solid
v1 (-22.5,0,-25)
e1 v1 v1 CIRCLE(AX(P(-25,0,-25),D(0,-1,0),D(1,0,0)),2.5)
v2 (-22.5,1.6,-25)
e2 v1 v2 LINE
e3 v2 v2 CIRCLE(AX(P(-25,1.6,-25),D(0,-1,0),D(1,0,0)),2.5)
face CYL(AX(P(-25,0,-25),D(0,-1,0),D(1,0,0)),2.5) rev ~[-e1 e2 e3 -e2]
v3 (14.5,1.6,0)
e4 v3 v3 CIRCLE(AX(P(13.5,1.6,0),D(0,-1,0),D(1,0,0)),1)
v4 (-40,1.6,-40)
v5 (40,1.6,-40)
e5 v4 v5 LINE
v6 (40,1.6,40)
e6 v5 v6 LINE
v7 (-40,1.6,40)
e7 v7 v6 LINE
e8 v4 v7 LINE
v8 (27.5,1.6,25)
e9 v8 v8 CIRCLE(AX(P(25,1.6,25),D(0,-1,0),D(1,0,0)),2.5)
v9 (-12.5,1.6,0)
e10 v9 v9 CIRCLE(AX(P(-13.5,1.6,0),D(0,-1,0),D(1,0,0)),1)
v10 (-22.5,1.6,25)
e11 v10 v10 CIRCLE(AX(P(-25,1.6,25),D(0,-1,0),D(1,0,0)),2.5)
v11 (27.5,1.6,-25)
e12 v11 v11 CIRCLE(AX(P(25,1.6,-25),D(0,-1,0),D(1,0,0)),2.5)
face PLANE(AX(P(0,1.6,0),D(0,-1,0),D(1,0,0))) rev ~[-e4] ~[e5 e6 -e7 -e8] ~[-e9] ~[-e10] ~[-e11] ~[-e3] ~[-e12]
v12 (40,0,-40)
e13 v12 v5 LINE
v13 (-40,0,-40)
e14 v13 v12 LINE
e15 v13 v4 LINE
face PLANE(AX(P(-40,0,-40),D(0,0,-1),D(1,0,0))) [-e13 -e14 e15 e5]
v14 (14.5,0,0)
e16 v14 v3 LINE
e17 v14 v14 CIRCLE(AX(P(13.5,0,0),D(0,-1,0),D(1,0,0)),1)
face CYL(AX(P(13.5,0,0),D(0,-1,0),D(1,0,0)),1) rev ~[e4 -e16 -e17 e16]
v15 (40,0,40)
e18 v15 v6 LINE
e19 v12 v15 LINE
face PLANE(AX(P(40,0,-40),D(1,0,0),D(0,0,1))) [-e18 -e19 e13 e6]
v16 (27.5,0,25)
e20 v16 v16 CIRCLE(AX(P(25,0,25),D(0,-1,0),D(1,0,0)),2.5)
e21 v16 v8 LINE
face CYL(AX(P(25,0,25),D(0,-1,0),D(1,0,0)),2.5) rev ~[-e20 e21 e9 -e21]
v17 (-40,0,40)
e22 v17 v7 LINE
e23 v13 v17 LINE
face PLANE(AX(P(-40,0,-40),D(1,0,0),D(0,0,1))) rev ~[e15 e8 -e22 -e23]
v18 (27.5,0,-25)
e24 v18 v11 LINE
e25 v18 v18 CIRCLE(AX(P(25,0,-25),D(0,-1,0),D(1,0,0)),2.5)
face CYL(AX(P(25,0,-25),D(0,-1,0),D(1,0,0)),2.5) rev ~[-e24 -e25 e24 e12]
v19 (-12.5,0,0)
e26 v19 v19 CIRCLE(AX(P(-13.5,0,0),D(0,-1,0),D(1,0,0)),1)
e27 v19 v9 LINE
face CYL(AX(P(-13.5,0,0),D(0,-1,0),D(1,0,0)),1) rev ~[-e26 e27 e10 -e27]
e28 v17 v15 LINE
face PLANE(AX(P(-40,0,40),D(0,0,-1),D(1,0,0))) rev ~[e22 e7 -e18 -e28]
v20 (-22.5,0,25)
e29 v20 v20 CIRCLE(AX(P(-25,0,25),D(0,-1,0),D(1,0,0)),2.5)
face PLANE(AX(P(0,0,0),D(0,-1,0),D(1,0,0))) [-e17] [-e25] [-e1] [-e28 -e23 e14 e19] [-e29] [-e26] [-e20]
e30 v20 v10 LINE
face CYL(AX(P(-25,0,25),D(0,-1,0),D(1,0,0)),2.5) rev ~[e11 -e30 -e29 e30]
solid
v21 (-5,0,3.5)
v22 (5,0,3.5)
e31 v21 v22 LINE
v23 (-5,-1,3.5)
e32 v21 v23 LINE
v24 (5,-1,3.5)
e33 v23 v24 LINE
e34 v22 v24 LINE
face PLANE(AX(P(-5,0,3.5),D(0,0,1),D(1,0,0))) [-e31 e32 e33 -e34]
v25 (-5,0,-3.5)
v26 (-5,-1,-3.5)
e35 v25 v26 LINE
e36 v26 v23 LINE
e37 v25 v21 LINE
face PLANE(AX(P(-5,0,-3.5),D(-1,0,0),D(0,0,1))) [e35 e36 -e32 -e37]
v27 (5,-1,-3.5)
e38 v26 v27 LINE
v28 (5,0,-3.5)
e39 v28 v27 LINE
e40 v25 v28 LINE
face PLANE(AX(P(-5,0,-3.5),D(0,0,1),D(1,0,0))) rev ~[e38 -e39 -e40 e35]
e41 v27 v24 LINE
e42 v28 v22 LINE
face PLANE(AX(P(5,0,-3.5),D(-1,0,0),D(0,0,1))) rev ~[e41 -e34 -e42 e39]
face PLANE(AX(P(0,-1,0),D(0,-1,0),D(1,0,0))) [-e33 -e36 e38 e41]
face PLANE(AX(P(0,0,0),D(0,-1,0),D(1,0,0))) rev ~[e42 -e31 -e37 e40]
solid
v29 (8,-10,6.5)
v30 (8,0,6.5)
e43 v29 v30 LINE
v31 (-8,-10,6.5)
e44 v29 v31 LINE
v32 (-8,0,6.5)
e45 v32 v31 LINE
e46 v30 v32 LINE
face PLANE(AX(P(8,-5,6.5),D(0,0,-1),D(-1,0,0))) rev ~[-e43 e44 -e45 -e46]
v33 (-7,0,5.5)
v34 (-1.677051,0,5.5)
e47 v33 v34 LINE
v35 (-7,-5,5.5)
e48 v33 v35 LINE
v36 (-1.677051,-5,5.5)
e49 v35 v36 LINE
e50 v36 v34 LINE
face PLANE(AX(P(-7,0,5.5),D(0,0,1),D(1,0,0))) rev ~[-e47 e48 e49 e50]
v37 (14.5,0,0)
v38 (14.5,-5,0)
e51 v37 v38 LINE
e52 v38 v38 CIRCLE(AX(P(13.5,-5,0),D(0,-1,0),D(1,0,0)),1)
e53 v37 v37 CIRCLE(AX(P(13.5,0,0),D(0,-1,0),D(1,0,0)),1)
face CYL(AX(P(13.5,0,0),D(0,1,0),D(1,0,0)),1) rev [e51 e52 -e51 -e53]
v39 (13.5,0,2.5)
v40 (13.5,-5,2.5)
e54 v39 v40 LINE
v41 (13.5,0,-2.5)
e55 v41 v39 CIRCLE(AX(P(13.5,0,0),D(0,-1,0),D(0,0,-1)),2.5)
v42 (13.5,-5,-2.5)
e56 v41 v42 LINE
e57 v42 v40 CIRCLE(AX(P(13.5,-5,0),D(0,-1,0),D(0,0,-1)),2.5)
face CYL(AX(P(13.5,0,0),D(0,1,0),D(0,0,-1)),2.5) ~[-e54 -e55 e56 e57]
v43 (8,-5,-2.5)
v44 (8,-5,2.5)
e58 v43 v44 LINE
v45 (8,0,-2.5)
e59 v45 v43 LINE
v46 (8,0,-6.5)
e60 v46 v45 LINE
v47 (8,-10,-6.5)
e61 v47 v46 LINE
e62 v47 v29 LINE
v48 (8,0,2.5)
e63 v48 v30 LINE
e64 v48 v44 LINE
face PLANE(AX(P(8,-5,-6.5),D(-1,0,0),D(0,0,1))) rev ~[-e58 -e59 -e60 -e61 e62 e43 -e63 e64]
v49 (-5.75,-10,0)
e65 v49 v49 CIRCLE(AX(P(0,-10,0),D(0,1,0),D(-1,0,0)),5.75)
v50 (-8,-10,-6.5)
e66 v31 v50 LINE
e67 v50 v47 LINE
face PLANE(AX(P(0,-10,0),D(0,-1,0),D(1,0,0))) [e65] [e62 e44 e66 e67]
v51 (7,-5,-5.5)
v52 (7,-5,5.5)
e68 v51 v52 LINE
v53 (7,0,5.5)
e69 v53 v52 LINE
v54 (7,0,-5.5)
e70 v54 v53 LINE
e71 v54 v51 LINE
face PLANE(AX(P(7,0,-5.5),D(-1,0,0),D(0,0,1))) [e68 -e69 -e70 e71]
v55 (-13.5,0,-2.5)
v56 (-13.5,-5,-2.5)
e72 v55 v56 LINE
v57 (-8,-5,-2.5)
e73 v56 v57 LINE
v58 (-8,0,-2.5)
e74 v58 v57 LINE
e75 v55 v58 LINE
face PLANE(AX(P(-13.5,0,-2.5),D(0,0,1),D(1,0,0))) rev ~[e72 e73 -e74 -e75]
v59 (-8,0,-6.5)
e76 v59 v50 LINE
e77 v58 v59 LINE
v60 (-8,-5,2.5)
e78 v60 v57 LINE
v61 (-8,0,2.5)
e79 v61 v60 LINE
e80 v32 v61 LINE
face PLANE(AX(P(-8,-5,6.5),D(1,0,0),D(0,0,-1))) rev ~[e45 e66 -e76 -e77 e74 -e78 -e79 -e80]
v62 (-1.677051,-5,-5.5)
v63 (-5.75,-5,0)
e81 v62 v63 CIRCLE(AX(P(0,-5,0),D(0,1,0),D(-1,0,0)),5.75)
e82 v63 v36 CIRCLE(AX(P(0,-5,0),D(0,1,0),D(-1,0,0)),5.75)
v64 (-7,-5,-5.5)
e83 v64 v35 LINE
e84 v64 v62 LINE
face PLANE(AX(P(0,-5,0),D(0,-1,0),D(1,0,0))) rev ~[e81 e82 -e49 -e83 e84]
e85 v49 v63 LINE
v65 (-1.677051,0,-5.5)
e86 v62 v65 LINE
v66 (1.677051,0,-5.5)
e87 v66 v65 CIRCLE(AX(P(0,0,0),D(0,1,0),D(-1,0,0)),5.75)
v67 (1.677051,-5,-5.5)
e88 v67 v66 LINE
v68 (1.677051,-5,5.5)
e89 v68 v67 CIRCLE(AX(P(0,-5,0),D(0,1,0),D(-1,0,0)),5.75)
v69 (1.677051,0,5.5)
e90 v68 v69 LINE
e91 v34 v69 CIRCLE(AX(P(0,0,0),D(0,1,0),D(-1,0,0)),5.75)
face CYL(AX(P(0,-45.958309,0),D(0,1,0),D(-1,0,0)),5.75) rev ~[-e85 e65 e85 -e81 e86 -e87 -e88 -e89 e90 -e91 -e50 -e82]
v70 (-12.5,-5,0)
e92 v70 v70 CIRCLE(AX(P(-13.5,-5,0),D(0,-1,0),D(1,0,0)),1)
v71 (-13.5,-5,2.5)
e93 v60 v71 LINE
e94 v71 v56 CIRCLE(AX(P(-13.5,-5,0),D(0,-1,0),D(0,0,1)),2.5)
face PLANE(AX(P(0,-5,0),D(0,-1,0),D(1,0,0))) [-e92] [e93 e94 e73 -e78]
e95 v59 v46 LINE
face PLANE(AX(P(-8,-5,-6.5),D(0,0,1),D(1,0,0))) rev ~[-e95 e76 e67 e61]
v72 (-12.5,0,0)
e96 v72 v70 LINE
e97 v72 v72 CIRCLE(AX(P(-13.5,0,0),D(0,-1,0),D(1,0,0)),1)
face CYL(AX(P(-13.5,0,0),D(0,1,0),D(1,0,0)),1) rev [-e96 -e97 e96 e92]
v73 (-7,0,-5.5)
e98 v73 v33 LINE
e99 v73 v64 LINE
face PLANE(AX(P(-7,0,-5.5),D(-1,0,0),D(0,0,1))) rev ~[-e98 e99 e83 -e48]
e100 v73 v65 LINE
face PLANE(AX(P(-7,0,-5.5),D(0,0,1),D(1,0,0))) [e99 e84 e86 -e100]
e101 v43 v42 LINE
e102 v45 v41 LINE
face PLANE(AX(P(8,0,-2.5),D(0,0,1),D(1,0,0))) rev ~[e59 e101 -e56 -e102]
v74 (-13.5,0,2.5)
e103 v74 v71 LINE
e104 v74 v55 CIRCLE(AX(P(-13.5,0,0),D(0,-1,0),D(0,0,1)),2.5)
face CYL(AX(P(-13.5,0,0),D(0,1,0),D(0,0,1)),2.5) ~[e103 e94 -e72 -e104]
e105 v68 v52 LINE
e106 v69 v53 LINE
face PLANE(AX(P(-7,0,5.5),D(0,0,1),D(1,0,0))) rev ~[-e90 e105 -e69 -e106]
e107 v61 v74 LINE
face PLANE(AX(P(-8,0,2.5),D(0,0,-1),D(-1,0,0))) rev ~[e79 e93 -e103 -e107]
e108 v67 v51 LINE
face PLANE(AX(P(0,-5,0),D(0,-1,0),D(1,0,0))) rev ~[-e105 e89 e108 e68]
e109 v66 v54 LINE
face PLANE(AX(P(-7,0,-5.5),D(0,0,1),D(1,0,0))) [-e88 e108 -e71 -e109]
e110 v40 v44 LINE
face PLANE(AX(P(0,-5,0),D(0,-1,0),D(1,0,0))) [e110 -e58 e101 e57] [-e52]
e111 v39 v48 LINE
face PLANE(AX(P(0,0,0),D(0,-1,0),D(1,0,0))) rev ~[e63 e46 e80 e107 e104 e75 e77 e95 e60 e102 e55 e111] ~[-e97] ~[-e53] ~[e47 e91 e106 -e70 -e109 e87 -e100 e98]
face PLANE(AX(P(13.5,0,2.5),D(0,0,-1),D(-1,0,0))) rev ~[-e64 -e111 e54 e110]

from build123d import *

# Parameters (mm, degrees)
F0_W     = 80
F0_H     = 80
F0_R     = 2.5
F0_R_2   = 1
F0_W_2   = 10
F0_H_2   = 7
F1_DEPTH = 1.6
F2_DEPTH = 1
F3_R     = 1
F3_W     = 14
F3_H     = 11
F4_DEPTH = 5
F5_W     = 14
F5_H     = 11
F6_DEPTH = 5
F8_D     = 11.5


with BuildPart() as f1:
    # F0 (on Front) → F1 (new body)
    with BuildSketch(Plane.XZ):
        Rectangle(F0_W, F0_H)
        with Locations((-25, -25)):
            Circle(F0_R, mode=Mode.SUBTRACT)
        with Locations((25, -25)):
            Circle(F0_R, mode=Mode.SUBTRACT)
        with Locations((-13.5, 0)):
            Circle(F0_R_2, mode=Mode.SUBTRACT)
        with Locations((-25, 25)):
            Circle(F0_R, mode=Mode.SUBTRACT)
        Rectangle(F0_W_2, F0_H_2, mode=Mode.SUBTRACT)
        with Locations((13.5, 0)):
            Circle(F0_R_2, mode=Mode.SUBTRACT)
        with Locations((25, 25)):
            Circle(F0_R, mode=Mode.SUBTRACT)
        Rectangle(F0_W_2, F0_H_2)
    extrude(amount=-F1_DEPTH)


with BuildPart() as f2:
    # F0 (on Front) → F2 (new body)
    with BuildSketch(Plane.XZ):
        Rectangle(F0_W_2, F0_H_2)
    extrude(amount=F2_DEPTH)


with BuildPart() as f4:
    # F3 (on face) → F4 (new body)
    with BuildSketch(Plane.XZ):
        with BuildLine():
            Line((8, -2.5), (13.5, -2.5))
            ThreePointArc((13.5, -2.5), (16, 0), (13.5, 2.5))
            Line((13.5000000682, 2.5), (8, 2.5))
            Line((8, 2.5), (8, 6.5))
            Line((8, 6.5), (-8, 6.5))
            Line((-8, 6.5), (-8, 2.5))
            Line((-8, 2.5), (-13.5, 2.5))
            ThreePointArc((-13.5, 2.5), (-16, 3.41e-08), (-13.5000000682, -2.5))
            Line((-13.5000000682, -2.5), (-8, -2.5))
            Line((-8, -2.5), (-8, -6.5))
            Line((-8, -6.5), (8, -6.5))
            Line((8, -6.5), (8, -2.5))
        make_face()
        with Locations((-13.5, 0)):
            Circle(F3_R, mode=Mode.SUBTRACT)
        Rectangle(F3_W, F3_H, mode=Mode.SUBTRACT)
        with Locations((13.5, 0)):
            Circle(F3_R, mode=Mode.SUBTRACT)
    extrude(amount=F4_DEPTH)

    # F5 (on face) → F6 (join)
    with BuildSketch(Plane.XZ.offset(5)):
        Polygon((8, 6.5), (-8, 6.5), (-8, 2.5), (-8, -2.5), (-8, -6.5), (8, -6.5), (8, -2.5), (8, 2.5), align=None)
        Rectangle(F5_W, F5_H, mode=Mode.SUBTRACT)
        Rectangle(F5_W, F5_H)
    extrude(amount=F6_DEPTH)

    # F8 (through all)
    with Locations(Plane.XZ.offset(10)):
        with Locations((0, 0)):
            Hole(F8_D / 2)


solid = Compound([f1.part, f2.part, f4.part])
